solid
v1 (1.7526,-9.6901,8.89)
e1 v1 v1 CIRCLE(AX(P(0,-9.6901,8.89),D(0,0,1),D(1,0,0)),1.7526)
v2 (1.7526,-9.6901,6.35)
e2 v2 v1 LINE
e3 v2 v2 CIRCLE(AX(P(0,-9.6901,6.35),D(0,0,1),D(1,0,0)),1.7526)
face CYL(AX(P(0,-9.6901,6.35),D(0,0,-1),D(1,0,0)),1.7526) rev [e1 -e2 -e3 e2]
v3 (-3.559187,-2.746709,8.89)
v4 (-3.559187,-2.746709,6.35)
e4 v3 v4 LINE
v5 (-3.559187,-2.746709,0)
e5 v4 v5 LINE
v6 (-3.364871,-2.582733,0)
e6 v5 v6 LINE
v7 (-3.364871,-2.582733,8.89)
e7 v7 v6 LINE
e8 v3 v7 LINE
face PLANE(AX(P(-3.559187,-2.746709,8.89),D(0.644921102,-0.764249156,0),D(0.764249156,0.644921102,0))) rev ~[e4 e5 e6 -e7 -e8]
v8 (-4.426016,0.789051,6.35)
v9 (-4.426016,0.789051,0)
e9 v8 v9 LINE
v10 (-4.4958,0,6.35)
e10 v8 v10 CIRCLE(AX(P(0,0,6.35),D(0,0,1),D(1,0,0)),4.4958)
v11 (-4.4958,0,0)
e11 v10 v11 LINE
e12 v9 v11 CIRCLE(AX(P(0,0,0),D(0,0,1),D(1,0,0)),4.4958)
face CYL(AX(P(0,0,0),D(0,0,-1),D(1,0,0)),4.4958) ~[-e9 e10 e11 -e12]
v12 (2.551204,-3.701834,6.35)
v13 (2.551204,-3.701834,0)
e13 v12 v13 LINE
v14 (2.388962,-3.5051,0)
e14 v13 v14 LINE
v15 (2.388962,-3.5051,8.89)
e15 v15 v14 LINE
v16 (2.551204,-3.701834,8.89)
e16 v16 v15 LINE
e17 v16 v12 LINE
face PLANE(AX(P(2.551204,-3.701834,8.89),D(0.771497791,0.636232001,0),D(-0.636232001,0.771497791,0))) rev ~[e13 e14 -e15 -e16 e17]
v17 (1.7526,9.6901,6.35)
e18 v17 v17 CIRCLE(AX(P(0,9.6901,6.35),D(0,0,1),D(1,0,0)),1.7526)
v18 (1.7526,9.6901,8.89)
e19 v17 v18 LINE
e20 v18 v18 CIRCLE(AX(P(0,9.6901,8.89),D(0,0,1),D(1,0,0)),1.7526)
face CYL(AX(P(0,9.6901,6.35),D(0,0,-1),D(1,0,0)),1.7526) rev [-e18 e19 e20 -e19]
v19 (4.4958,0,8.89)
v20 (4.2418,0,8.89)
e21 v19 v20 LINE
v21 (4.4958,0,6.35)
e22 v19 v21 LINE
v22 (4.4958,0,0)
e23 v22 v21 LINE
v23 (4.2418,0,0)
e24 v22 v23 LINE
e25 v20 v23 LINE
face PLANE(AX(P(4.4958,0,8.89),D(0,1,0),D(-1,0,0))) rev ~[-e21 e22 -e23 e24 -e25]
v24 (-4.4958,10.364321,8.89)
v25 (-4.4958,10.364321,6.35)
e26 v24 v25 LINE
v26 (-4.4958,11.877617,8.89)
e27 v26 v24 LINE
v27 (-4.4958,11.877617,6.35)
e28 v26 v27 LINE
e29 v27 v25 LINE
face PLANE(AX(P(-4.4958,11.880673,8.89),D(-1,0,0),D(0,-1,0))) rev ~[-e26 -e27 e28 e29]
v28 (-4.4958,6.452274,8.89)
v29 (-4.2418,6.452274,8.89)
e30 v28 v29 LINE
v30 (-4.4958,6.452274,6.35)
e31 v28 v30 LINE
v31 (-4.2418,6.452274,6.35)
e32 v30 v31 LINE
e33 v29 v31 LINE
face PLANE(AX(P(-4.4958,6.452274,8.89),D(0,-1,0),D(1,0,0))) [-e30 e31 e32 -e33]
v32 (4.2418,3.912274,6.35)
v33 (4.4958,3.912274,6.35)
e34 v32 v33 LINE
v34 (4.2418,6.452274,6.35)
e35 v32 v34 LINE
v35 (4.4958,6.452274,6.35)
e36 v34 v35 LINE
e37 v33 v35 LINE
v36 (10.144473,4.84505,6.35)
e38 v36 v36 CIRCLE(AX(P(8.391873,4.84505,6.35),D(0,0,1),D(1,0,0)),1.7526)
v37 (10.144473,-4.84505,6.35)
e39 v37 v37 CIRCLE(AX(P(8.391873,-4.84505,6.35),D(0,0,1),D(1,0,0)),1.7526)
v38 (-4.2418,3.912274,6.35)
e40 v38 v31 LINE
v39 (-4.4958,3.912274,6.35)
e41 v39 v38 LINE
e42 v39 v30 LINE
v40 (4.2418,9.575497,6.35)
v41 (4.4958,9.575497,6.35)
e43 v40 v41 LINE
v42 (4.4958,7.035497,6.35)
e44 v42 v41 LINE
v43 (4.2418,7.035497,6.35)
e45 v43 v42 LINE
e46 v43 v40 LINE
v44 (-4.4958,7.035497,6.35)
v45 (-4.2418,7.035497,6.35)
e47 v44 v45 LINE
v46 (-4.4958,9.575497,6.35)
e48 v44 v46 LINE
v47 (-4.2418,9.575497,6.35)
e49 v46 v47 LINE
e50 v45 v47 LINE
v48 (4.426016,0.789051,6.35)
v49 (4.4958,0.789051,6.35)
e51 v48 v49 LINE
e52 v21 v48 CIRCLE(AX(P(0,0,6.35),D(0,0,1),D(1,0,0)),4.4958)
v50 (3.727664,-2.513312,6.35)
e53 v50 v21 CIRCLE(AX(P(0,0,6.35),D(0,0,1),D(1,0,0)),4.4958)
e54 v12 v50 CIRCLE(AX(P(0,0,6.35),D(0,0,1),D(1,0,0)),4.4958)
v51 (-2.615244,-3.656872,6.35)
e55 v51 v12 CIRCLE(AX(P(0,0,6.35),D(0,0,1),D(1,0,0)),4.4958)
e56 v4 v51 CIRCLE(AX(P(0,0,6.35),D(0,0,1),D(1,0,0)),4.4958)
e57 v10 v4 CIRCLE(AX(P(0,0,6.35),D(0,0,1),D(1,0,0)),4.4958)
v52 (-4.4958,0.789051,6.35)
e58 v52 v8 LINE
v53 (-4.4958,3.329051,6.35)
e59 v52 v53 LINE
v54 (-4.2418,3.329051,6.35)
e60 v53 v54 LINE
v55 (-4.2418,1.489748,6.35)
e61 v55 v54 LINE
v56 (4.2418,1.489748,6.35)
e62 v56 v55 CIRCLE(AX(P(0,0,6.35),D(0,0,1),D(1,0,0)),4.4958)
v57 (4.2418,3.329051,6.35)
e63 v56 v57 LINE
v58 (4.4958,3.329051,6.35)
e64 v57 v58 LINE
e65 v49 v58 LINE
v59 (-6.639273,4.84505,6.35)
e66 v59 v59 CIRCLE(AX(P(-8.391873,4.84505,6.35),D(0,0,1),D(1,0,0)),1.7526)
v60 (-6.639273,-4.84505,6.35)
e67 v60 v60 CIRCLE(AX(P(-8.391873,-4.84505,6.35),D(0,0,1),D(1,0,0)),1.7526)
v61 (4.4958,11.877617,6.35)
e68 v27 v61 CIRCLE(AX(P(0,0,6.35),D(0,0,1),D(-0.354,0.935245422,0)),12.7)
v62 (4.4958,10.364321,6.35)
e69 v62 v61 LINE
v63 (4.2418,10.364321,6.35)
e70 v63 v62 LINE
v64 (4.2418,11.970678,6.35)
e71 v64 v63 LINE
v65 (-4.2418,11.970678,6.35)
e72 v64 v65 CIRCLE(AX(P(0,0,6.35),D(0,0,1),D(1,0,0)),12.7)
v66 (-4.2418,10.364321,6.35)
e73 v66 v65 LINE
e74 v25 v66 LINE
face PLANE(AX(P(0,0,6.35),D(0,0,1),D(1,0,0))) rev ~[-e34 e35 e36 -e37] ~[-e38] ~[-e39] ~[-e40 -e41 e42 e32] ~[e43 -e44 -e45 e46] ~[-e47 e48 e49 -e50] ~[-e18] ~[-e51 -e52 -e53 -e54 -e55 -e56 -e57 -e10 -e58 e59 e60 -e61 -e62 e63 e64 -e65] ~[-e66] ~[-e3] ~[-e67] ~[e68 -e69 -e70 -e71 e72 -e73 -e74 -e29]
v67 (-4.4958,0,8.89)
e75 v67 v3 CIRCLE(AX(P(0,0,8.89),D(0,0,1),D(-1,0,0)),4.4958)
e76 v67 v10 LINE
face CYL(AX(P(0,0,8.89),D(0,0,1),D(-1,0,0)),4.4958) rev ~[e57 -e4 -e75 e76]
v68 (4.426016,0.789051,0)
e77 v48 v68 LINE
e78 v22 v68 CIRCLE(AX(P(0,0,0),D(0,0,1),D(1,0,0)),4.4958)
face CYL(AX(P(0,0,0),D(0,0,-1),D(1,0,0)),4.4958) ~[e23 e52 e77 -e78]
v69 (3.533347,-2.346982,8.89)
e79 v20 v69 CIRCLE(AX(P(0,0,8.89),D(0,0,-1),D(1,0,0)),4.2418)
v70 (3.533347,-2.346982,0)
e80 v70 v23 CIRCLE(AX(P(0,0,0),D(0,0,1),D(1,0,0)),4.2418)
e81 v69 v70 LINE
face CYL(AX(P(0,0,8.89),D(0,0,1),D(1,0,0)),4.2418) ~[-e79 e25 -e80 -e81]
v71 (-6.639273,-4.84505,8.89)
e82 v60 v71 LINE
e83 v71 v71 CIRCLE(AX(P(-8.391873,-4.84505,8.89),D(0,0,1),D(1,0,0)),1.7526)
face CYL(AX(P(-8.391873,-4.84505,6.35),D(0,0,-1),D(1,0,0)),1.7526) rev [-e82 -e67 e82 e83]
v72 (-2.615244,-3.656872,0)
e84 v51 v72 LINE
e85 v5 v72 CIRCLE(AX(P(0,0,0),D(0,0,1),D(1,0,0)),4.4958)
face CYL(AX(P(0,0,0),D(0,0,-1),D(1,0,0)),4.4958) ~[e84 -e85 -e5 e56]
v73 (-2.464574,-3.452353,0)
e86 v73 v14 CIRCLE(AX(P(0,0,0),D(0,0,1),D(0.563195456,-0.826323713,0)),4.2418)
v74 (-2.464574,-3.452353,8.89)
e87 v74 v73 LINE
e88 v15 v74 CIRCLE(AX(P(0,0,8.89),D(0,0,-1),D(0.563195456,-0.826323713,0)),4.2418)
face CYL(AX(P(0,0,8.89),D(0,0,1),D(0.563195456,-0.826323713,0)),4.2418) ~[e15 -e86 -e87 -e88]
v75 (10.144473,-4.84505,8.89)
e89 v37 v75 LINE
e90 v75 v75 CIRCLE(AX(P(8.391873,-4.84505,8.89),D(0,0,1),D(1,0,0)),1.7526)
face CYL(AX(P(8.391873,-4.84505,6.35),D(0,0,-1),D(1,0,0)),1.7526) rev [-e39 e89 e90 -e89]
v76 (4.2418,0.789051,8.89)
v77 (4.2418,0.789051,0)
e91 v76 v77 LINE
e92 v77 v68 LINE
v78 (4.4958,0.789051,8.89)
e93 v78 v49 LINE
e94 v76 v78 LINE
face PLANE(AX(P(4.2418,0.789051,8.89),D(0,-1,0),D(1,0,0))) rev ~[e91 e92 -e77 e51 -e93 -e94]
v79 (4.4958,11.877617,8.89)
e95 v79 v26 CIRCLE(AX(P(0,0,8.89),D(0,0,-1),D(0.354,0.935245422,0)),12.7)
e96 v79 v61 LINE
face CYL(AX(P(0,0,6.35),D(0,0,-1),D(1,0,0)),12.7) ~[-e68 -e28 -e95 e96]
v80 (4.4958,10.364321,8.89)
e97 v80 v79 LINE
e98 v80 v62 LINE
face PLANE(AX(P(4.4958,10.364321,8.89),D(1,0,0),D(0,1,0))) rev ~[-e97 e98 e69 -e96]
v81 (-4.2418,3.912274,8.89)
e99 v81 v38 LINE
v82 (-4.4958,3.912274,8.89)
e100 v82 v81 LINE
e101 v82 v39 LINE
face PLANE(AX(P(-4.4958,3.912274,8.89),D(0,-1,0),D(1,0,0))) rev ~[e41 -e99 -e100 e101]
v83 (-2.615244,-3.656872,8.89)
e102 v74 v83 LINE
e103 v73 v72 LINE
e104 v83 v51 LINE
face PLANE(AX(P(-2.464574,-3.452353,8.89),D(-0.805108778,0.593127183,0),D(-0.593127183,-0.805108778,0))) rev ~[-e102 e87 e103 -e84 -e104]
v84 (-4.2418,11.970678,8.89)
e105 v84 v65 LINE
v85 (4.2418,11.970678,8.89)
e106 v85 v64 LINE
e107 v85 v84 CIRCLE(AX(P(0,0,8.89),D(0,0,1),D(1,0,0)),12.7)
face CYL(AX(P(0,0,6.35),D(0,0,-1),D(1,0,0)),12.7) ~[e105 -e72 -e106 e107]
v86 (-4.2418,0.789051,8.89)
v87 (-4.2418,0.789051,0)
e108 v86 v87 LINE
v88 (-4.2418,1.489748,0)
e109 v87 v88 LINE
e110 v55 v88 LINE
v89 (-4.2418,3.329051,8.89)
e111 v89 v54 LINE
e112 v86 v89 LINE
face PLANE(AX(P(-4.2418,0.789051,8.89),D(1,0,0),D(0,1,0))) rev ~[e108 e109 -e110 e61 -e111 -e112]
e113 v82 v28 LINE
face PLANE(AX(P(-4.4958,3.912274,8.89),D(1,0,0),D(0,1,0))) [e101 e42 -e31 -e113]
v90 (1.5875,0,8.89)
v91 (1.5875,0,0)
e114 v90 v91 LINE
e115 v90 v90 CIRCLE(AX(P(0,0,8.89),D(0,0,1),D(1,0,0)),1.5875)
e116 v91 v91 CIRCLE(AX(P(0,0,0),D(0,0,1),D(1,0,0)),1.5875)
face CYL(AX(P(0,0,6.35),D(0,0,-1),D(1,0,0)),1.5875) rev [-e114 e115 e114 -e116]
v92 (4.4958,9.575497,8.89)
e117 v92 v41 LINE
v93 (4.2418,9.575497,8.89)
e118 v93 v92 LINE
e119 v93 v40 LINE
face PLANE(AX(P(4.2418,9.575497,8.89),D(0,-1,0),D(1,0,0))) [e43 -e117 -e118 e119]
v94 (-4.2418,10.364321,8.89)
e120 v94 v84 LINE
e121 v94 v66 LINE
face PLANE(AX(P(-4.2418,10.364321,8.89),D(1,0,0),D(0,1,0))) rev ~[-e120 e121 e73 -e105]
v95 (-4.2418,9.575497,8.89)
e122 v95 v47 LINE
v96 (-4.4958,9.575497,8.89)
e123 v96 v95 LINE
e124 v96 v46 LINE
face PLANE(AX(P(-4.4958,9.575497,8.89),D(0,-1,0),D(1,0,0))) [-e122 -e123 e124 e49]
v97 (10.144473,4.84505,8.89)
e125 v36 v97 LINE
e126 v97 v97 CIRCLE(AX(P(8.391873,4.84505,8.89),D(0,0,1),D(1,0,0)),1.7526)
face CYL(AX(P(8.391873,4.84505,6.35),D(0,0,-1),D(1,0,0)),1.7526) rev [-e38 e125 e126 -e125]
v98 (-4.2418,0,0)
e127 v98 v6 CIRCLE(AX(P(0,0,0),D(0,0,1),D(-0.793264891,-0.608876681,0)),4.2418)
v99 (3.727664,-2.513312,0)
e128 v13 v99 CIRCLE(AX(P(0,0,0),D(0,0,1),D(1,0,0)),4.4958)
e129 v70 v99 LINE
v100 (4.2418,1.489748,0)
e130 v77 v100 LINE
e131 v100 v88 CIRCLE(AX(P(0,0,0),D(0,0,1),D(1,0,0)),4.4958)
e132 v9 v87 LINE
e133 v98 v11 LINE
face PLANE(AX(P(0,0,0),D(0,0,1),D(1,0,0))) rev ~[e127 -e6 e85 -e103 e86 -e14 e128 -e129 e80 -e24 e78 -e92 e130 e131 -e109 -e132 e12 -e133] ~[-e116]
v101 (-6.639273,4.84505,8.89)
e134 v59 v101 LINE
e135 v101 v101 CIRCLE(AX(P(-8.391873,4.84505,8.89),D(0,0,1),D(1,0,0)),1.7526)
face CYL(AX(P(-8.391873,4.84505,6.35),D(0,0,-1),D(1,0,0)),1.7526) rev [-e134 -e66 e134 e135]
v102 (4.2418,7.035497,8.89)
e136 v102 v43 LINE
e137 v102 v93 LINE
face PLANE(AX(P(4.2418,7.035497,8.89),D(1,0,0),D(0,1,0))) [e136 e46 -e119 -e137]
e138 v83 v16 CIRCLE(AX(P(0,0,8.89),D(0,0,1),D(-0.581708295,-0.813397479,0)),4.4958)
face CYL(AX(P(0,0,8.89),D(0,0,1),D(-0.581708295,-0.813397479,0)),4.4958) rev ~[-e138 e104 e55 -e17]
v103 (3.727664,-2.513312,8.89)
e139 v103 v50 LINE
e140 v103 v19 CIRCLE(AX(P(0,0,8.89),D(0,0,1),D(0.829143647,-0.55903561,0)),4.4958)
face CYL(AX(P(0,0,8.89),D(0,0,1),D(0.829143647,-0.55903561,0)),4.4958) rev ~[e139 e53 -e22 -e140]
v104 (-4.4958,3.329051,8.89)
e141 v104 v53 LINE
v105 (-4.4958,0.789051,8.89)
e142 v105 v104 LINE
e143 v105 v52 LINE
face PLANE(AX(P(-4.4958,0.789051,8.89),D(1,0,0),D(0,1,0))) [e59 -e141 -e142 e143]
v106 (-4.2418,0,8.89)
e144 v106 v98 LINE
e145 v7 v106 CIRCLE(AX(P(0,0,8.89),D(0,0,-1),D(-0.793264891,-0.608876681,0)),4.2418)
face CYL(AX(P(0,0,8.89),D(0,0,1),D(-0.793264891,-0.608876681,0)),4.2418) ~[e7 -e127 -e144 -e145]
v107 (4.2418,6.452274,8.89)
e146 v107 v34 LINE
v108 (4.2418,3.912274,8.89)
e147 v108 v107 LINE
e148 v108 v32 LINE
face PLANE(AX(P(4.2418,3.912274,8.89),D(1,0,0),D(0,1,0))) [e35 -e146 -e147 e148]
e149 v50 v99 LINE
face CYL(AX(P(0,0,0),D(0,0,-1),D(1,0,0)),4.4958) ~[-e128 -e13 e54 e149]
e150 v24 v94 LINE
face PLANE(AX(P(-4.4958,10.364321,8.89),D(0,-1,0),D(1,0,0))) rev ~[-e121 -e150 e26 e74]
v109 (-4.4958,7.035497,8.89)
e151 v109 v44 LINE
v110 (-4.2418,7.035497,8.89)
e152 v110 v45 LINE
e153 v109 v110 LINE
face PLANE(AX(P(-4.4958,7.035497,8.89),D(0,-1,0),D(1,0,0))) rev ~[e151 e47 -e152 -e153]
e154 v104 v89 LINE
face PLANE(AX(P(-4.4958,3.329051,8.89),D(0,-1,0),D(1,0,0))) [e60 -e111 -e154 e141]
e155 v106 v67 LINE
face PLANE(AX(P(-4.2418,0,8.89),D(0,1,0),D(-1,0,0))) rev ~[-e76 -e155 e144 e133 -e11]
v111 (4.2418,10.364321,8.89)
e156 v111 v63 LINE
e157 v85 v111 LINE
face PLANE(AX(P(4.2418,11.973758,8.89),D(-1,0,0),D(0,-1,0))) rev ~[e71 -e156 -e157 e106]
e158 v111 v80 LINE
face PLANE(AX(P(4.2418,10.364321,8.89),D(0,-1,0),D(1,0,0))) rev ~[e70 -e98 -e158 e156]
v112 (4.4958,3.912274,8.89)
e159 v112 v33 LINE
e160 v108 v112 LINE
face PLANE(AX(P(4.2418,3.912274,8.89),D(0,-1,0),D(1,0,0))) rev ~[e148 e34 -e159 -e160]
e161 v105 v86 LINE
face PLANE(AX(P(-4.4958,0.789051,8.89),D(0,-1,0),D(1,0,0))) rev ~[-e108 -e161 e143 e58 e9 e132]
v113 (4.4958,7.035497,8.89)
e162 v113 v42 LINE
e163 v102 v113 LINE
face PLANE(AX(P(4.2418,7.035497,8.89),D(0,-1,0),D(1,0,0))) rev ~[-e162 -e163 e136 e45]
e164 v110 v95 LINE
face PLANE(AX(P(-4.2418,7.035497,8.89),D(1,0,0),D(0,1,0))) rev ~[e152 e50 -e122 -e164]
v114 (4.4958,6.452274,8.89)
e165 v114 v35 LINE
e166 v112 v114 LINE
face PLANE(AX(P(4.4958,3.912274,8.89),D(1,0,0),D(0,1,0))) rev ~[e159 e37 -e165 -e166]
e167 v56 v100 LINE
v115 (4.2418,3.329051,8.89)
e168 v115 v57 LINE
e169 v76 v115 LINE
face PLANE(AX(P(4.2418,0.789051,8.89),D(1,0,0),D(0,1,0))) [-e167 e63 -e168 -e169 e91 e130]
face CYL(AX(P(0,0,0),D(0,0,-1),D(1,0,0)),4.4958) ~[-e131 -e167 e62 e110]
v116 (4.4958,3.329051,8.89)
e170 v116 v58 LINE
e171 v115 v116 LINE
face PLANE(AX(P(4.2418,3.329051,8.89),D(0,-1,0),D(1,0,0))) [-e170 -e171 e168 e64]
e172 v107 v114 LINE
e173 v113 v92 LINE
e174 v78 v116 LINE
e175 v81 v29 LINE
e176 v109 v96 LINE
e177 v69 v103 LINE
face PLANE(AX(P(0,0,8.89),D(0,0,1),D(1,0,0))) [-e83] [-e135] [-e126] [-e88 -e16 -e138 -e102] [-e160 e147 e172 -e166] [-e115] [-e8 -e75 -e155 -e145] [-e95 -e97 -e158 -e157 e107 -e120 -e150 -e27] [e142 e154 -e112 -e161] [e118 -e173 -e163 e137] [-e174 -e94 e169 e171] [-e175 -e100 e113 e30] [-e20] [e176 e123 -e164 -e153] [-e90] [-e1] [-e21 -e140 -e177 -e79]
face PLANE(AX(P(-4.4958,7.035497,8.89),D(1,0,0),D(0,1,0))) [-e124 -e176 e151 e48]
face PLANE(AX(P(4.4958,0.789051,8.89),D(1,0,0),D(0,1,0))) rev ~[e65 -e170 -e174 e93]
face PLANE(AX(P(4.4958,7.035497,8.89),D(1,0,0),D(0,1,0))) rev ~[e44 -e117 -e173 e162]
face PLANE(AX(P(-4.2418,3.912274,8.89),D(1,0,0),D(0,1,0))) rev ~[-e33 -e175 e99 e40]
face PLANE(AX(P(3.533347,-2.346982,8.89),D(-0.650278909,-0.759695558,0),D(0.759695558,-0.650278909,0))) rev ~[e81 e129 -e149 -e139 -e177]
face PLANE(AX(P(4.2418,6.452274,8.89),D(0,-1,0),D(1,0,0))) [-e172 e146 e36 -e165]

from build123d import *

# Parameters (mm, degrees)
F0_R     = 4.4958
F0_R_2   = 1.5875
F1_DEPTH = 6.35
F2_R     = 12.7
F2_R_2   = 1.7526
F2_R_3   = 1.5875
F3_DEPTH = 2.54
F4_W     = 0.254
F4_H     = 2.54
F5_DEPTH = 25.4


with BuildPart() as f1:
    # F0 (on Top) → F1 (new body)
    with BuildSketch(Plane.XY):
        Circle(F0_R)
        Circle(F0_R_2, mode=Mode.SUBTRACT)
    extrude(amount=F1_DEPTH)

    # F2 (on face) → F3 (join)
    with BuildSketch(Plane.XY.offset(6.35)):
        Circle(F2_R)
        with Locations((0, -9.6901)):
            Circle(F2_R_2, mode=Mode.SUBTRACT)
        with Locations((-8.3918727652, -4.84505)):
            Circle(F2_R_2, mode=Mode.SUBTRACT)
        Circle(F2_R_3, mode=Mode.SUBTRACT)
        with Locations((8.3918727652, -4.84505)):
            Circle(F2_R_2, mode=Mode.SUBTRACT)
        with Locations((-8.3918727652, 4.84505)):
            Circle(F2_R_2, mode=Mode.SUBTRACT)
        with Locations((0, 9.6901)):
            Circle(F2_R_2, mode=Mode.SUBTRACT)
        with Locations((8.3918727652, 4.84505)):
            Circle(F2_R_2, mode=Mode.SUBTRACT)
    extrude(amount=F3_DEPTH)

    # F4 (on face) → F5 (cut)
    with BuildSketch(Plane.XY.offset(8.89)):
        with BuildLine():
            Line((-4.2418, 0), (-4.4958, 0))
            ThreePointArc((-4.4958, 0), (-4.2552090791, -1.45100425), (-3.5591865681, -2.7467086874))
            Line((-3.5591865681, -2.7467086874), (-3.3648710152, -2.5827331048))
            ThreePointArc((-3.3648710152, -2.5827331048), (-4.0165891695, -1.3637736923), (-4.2418, 0))
        make_face()
        with Locations((4.3688, 8.3054968122)):
            Rectangle(F4_W, F4_H)
        with Locations((4.3688, 5.1822738967)):
            Rectangle(F4_W, F4_H)
        with BuildLine():
            ThreePointArc((2.3889624864, -3.5050999242), (-0.0460958584, -4.2415495296), (-2.4645739513, -3.4523531799))
            Line((-2.4645739513, -3.4523531799), (-2.6152441527, -3.656872388))
            ThreePointArc((-2.6152441527, -3.656872388), (-0.0391240272, -4.4956297613), (2.5512036829, -3.7018343302))
            Line((2.5512036829, -3.7018343302), (2.3889624864, -3.5050999242))
        make_face()
        with Locations((-4.3688, 8.3054968122)):
            Rectangle(F4_W, F4_H)
        with Locations((-4.3688, 5.1822738967)):
            Rectangle(F4_W, F4_H)
        with Locations((-4.3688, 2.0590509812)):
            Rectangle(F4_W, F4_H)
        with Locations((4.3688, 2.0590509812)):
            Rectangle(F4_W, F4_H)
        with BuildLine():
            ThreePointArc((3.7276640074, -2.5133122941), (4.2994795897, -1.3140368708), (4.4958, 0))
            Line((4.4958, 0), (4.2418, 0))
            ThreePointArc((4.2418, 0), (4.0608262018, -1.2257886437), (3.5333470796, -2.3469822444))
            Line((3.5333470796, -2.3469822444), (3.7276640074, -2.5133122941))
        make_face()
        Polygon((-4.4958, 11.8806733481), (-4.4958, 10.3643210605), (-4.2418, 10.3643210605), (-4.2418, 11.9706780409), align=None)
        Polygon((4.2418, 11.973758473), (4.2418, 10.3643210605), (4.4958, 10.3643210605), (4.4958, 11.8776168637), align=None)
    extrude(amount=-F5_DEPTH, mode=Mode.SUBTRACT)


solid = f1.part
